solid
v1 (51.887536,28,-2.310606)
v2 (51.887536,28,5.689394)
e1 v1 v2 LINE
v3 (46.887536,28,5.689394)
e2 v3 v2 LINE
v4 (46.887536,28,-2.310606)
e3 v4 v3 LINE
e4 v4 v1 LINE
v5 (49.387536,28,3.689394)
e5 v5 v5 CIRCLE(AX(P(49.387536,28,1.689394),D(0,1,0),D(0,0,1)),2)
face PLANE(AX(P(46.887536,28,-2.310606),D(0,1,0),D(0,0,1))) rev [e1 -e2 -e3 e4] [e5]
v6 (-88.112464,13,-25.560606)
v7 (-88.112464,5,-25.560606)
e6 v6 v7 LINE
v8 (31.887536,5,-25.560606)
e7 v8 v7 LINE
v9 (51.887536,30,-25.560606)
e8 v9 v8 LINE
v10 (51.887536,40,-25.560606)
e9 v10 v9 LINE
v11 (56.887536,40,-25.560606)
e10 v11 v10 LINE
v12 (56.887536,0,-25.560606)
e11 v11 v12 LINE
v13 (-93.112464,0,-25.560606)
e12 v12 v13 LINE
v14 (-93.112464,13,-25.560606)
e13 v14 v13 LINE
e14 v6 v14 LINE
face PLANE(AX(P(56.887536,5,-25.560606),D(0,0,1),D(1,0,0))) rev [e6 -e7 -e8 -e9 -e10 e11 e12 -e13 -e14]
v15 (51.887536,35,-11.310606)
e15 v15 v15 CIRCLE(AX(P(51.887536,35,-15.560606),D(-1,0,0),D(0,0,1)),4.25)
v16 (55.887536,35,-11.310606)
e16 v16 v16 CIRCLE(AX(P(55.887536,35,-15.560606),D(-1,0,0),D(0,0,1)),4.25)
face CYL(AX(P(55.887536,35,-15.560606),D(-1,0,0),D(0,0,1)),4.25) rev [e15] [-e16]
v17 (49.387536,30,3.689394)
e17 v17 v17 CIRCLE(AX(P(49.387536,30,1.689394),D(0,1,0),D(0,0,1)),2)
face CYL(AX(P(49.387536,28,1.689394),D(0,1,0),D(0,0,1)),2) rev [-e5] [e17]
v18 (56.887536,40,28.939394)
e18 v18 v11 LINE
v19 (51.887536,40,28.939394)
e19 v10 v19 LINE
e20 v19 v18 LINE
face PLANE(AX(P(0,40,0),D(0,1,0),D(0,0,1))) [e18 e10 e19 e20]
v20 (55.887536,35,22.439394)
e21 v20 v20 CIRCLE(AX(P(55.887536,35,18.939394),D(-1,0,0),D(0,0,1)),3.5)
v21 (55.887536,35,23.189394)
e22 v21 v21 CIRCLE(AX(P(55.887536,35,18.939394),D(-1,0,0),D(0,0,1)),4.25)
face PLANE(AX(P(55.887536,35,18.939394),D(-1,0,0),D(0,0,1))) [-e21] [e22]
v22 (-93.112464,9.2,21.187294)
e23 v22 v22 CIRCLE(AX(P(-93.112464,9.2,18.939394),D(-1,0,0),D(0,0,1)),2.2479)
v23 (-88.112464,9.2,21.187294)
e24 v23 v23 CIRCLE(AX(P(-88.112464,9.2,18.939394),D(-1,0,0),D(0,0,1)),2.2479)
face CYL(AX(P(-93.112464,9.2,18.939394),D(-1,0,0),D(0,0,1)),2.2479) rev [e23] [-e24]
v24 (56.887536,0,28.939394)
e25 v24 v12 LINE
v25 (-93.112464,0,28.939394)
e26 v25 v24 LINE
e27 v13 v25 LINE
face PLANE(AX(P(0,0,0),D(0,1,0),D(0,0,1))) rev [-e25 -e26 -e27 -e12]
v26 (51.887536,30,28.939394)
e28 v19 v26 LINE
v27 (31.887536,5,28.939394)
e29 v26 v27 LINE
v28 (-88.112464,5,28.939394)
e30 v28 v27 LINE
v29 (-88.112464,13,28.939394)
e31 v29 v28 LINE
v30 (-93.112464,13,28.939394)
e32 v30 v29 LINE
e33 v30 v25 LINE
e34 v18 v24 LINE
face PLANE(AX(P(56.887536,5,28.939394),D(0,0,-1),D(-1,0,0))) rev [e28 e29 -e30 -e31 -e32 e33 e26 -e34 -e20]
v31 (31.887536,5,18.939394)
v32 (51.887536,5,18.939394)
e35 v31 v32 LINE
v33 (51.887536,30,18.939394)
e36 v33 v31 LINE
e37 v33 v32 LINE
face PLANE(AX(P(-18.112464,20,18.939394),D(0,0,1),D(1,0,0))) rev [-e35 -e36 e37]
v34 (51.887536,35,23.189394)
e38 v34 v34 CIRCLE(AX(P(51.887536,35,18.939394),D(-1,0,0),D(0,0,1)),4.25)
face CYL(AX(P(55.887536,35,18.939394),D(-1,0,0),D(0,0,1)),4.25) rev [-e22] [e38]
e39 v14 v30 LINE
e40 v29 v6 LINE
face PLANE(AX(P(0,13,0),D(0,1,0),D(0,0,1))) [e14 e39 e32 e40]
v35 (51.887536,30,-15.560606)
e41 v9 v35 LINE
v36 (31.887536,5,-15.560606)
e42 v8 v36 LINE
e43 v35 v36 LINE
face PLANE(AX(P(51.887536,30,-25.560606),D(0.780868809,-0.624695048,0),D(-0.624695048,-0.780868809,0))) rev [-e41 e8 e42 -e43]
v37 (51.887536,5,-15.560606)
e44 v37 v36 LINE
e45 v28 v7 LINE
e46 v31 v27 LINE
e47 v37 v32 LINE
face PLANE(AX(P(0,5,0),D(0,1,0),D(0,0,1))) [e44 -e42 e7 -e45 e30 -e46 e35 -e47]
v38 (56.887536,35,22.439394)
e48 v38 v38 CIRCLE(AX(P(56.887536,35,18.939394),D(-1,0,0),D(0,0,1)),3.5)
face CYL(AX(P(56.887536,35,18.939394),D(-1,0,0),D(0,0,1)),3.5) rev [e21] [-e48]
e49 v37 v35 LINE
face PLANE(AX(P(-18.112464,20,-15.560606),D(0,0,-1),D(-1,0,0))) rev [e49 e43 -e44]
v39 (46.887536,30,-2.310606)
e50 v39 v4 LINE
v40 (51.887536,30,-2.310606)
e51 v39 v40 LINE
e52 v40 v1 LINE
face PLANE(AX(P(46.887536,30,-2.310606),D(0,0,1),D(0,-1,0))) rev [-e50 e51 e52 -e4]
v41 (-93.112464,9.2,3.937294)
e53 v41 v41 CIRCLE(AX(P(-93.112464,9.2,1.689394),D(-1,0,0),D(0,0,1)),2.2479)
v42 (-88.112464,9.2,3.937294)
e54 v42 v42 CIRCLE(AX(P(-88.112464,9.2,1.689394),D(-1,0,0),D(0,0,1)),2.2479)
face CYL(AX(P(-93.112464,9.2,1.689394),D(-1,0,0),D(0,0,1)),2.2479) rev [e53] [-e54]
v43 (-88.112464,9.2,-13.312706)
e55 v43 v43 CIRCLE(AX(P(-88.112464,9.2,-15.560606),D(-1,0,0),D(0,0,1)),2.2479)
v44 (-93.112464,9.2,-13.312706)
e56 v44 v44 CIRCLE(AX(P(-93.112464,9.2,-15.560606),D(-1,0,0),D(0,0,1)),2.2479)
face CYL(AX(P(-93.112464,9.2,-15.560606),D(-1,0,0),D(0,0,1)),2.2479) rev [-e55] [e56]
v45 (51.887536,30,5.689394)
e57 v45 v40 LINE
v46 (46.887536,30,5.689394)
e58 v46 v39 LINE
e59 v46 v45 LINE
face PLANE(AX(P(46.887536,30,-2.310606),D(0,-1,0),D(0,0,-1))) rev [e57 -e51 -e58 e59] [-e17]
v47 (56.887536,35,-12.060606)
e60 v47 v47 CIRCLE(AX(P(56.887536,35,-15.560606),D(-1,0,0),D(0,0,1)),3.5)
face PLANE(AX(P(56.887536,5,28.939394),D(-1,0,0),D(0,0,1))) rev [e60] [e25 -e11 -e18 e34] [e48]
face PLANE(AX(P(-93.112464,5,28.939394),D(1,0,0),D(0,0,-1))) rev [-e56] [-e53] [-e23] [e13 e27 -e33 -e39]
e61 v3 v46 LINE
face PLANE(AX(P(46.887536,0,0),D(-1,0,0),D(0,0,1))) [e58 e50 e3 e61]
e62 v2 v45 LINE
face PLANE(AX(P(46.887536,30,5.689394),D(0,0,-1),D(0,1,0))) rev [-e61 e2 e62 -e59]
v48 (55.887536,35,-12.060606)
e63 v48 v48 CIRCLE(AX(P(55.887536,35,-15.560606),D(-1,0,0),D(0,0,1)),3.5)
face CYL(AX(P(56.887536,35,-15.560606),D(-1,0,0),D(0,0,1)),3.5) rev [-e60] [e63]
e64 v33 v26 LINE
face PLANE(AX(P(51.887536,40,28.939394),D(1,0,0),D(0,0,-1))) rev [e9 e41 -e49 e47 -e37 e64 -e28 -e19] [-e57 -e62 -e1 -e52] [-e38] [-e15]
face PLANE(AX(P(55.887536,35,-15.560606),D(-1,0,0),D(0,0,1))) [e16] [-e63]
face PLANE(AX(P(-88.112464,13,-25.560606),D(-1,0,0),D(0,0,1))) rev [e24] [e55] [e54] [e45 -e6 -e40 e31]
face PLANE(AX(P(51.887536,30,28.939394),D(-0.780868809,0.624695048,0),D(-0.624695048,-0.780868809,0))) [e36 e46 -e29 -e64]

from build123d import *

# Parameters (mm, degrees)
SKETCH1_W                 = 150
SKETCH1_H                 = 54.5
BOSS_EXTRUDE1_DEPTH       = 5
SKETCH2_W                 = 5
SKETCH2_H                 = 54.5
BOSS_EXTRUDE2_DEPTH       = 8
F_8_CLEARANCE_HOLE1_D     = 4.4958
F_8_CLEARANCE_HOLE1_DEPTH = 17
F_8_CLEARANCE_HOLE1_TIP   = 1.350674586
SKETCH7_W                 = 5
SKETCH7_H                 = 54.5
BOSS_EXTRUDE3_DEPTH       = 35
SKETCH8_R                 = 4.25
CUT_EXTRUDE1_DEPTH        = 4
RIB1_REACH                = 117.066
SKETCH10_WALL_W           = 264.147591324
SKETCH10_WALL_H           = 10
RIB3_REACH                = 117.066
SKETCH12_WALL_W           = 264.147591324
SKETCH12_WALL_H           = 10
SKETCH13_W                = 8
SKETCH13_H                = 2
BOSS_EXTRUDE4_DEPTH       = 5
SKETCH14_R                = 2
CUT_EXTRUDE2_DEPTH        = 2
SKETCH15_R                = 3.5
CUT_EXTRUDE3_DEPTH        = 1


with BuildPart() as part:
    # Sketch1 → Boss-Extrude1 (new body)
    with BuildSketch(Plane(origin=(0, 0, 0), x_dir=(1, 0, 0), z_dir=(0, 1, 0))):
        with Locations((-18.112463826, -1.689393939)):
            Rectangle(SKETCH1_W, SKETCH1_H)
    extrude(amount=BOSS_EXTRUDE1_DEPTH)

    # Sketch2 → Boss-Extrude2 (add)
    with BuildSketch(Plane(origin=(0, 5, 0), x_dir=(1, 0, 0), z_dir=(0, 1, 0))):
        with Locations((-90.612463826, -1.689393939)):
            Rectangle(SKETCH2_W, SKETCH2_H)
    extrude(amount=BOSS_EXTRUDE2_DEPTH)

    # #8 Clearance Hole1
    with Locations(Plane(origin=(-93.112463826, 9.2, -15.560606061), x_dir=(0, 0, -1), z_dir=(-1, 0, 0))):
        with Locations((0, 0), (-17.25, 0), (-34.5, 0)):
            Hole(F_8_CLEARANCE_HOLE1_D / 2, depth=F_8_CLEARANCE_HOLE1_DEPTH)
            with Locations((0, 0, -(F_8_CLEARANCE_HOLE1_DEPTH + F_8_CLEARANCE_HOLE1_TIP / 2))):  # 118° drill point
                Cone(0, F_8_CLEARANCE_HOLE1_D / 2, F_8_CLEARANCE_HOLE1_TIP, mode=Mode.SUBTRACT)

    # Sketch7 → Boss-Extrude3 (add)
    with BuildSketch(Plane(origin=(0, 5, 0), x_dir=(1, 0, 0), z_dir=(0, 1, 0))):
        with Locations((54.387536174, -1.689393939)):
            Rectangle(SKETCH7_W, SKETCH7_H)
    extrude(amount=BOSS_EXTRUDE3_DEPTH)

    # Sketch8 → Cut-Extrude1 (cut)
    with BuildSketch(Plane.ZY.offset(-51.887536174)):
        with Locations((-15.560606061, 35)):
            Circle(SKETCH8_R)
        with Locations((18.939393939, 35)):
            Circle(SKETCH8_R)
    extrude(amount=-CUT_EXTRUDE1_DEPTH, mode=Mode.SUBTRACT)

    # Sketch10 wall → Rib1 (add, up to next)
    with BuildSketch(Plane(origin=(41.887536174, 17.5, -25.560606061), x_dir=(-0.624695047554, -0.780868809443, 0), z_dir=(-0.780868809443, 0.624695047554, 0)), mode=Mode.PRIVATE) as rib1_sk1:
        with Locations((0, 5)):
            Rectangle(SKETCH10_WALL_W, SKETCH10_WALL_H)
    rib1_tool1 = extrude(rib1_sk1.sketch, amount=-RIB1_REACH, mode=Mode.PRIVATE) - part.part
    add(rib1_tool1.solids().sort_by_distance((41.887536174, 17.5, -25.560606061))[0])

    # Sketch12 wall → Rib3 (add, up to next)
    with BuildSketch(Plane(origin=(41.887536174, 17.5, 28.939393939), x_dir=(-0.624695047554, -0.780868809443, 0), z_dir=(0.780868809443, -0.624695047554, 0)), mode=Mode.PRIVATE) as rib3_sk1:
        with Locations((0, 5)):
            Rectangle(SKETCH12_WALL_W, SKETCH12_WALL_H)
    rib3_tool1 = extrude(rib3_sk1.sketch, amount=RIB3_REACH, mode=Mode.PRIVATE) - part.part
    add(rib3_tool1.solids().sort_by_distance((41.887536174, 17.5, 28.939393939))[0])

    # Sketch13 → Boss-Extrude4 (add)
    with BuildSketch(Plane.ZY.offset(-51.887536174)):
        with Locations((1.689393939, 29)):
            Rectangle(SKETCH13_W, SKETCH13_H)
    extrude(amount=BOSS_EXTRUDE4_DEPTH)

    # Sketch14 → Cut-Extrude2 (cut)
    with BuildSketch(Plane(origin=(0, 30, 0), x_dir=(1, 0, 0), z_dir=(0, 1, 0))):
        with Locations(Location((49.387536174, -1.689393939, 0), (0, 0, 270))):
            Circle(SKETCH14_R)
    extrude(amount=-CUT_EXTRUDE2_DEPTH, mode=Mode.SUBTRACT)

    # Sketch15 → Cut-Extrude3 (cut)
    with BuildSketch(Plane.ZY.offset(-55.887536174)):
        with Locations((-15.560606061, 35)):
            Circle(SKETCH15_R)
        with Locations((18.939393939, 35)):
            Circle(SKETCH15_R)
    extrude(amount=-CUT_EXTRUDE3_DEPTH, mode=Mode.SUBTRACT)


solid = part.part
